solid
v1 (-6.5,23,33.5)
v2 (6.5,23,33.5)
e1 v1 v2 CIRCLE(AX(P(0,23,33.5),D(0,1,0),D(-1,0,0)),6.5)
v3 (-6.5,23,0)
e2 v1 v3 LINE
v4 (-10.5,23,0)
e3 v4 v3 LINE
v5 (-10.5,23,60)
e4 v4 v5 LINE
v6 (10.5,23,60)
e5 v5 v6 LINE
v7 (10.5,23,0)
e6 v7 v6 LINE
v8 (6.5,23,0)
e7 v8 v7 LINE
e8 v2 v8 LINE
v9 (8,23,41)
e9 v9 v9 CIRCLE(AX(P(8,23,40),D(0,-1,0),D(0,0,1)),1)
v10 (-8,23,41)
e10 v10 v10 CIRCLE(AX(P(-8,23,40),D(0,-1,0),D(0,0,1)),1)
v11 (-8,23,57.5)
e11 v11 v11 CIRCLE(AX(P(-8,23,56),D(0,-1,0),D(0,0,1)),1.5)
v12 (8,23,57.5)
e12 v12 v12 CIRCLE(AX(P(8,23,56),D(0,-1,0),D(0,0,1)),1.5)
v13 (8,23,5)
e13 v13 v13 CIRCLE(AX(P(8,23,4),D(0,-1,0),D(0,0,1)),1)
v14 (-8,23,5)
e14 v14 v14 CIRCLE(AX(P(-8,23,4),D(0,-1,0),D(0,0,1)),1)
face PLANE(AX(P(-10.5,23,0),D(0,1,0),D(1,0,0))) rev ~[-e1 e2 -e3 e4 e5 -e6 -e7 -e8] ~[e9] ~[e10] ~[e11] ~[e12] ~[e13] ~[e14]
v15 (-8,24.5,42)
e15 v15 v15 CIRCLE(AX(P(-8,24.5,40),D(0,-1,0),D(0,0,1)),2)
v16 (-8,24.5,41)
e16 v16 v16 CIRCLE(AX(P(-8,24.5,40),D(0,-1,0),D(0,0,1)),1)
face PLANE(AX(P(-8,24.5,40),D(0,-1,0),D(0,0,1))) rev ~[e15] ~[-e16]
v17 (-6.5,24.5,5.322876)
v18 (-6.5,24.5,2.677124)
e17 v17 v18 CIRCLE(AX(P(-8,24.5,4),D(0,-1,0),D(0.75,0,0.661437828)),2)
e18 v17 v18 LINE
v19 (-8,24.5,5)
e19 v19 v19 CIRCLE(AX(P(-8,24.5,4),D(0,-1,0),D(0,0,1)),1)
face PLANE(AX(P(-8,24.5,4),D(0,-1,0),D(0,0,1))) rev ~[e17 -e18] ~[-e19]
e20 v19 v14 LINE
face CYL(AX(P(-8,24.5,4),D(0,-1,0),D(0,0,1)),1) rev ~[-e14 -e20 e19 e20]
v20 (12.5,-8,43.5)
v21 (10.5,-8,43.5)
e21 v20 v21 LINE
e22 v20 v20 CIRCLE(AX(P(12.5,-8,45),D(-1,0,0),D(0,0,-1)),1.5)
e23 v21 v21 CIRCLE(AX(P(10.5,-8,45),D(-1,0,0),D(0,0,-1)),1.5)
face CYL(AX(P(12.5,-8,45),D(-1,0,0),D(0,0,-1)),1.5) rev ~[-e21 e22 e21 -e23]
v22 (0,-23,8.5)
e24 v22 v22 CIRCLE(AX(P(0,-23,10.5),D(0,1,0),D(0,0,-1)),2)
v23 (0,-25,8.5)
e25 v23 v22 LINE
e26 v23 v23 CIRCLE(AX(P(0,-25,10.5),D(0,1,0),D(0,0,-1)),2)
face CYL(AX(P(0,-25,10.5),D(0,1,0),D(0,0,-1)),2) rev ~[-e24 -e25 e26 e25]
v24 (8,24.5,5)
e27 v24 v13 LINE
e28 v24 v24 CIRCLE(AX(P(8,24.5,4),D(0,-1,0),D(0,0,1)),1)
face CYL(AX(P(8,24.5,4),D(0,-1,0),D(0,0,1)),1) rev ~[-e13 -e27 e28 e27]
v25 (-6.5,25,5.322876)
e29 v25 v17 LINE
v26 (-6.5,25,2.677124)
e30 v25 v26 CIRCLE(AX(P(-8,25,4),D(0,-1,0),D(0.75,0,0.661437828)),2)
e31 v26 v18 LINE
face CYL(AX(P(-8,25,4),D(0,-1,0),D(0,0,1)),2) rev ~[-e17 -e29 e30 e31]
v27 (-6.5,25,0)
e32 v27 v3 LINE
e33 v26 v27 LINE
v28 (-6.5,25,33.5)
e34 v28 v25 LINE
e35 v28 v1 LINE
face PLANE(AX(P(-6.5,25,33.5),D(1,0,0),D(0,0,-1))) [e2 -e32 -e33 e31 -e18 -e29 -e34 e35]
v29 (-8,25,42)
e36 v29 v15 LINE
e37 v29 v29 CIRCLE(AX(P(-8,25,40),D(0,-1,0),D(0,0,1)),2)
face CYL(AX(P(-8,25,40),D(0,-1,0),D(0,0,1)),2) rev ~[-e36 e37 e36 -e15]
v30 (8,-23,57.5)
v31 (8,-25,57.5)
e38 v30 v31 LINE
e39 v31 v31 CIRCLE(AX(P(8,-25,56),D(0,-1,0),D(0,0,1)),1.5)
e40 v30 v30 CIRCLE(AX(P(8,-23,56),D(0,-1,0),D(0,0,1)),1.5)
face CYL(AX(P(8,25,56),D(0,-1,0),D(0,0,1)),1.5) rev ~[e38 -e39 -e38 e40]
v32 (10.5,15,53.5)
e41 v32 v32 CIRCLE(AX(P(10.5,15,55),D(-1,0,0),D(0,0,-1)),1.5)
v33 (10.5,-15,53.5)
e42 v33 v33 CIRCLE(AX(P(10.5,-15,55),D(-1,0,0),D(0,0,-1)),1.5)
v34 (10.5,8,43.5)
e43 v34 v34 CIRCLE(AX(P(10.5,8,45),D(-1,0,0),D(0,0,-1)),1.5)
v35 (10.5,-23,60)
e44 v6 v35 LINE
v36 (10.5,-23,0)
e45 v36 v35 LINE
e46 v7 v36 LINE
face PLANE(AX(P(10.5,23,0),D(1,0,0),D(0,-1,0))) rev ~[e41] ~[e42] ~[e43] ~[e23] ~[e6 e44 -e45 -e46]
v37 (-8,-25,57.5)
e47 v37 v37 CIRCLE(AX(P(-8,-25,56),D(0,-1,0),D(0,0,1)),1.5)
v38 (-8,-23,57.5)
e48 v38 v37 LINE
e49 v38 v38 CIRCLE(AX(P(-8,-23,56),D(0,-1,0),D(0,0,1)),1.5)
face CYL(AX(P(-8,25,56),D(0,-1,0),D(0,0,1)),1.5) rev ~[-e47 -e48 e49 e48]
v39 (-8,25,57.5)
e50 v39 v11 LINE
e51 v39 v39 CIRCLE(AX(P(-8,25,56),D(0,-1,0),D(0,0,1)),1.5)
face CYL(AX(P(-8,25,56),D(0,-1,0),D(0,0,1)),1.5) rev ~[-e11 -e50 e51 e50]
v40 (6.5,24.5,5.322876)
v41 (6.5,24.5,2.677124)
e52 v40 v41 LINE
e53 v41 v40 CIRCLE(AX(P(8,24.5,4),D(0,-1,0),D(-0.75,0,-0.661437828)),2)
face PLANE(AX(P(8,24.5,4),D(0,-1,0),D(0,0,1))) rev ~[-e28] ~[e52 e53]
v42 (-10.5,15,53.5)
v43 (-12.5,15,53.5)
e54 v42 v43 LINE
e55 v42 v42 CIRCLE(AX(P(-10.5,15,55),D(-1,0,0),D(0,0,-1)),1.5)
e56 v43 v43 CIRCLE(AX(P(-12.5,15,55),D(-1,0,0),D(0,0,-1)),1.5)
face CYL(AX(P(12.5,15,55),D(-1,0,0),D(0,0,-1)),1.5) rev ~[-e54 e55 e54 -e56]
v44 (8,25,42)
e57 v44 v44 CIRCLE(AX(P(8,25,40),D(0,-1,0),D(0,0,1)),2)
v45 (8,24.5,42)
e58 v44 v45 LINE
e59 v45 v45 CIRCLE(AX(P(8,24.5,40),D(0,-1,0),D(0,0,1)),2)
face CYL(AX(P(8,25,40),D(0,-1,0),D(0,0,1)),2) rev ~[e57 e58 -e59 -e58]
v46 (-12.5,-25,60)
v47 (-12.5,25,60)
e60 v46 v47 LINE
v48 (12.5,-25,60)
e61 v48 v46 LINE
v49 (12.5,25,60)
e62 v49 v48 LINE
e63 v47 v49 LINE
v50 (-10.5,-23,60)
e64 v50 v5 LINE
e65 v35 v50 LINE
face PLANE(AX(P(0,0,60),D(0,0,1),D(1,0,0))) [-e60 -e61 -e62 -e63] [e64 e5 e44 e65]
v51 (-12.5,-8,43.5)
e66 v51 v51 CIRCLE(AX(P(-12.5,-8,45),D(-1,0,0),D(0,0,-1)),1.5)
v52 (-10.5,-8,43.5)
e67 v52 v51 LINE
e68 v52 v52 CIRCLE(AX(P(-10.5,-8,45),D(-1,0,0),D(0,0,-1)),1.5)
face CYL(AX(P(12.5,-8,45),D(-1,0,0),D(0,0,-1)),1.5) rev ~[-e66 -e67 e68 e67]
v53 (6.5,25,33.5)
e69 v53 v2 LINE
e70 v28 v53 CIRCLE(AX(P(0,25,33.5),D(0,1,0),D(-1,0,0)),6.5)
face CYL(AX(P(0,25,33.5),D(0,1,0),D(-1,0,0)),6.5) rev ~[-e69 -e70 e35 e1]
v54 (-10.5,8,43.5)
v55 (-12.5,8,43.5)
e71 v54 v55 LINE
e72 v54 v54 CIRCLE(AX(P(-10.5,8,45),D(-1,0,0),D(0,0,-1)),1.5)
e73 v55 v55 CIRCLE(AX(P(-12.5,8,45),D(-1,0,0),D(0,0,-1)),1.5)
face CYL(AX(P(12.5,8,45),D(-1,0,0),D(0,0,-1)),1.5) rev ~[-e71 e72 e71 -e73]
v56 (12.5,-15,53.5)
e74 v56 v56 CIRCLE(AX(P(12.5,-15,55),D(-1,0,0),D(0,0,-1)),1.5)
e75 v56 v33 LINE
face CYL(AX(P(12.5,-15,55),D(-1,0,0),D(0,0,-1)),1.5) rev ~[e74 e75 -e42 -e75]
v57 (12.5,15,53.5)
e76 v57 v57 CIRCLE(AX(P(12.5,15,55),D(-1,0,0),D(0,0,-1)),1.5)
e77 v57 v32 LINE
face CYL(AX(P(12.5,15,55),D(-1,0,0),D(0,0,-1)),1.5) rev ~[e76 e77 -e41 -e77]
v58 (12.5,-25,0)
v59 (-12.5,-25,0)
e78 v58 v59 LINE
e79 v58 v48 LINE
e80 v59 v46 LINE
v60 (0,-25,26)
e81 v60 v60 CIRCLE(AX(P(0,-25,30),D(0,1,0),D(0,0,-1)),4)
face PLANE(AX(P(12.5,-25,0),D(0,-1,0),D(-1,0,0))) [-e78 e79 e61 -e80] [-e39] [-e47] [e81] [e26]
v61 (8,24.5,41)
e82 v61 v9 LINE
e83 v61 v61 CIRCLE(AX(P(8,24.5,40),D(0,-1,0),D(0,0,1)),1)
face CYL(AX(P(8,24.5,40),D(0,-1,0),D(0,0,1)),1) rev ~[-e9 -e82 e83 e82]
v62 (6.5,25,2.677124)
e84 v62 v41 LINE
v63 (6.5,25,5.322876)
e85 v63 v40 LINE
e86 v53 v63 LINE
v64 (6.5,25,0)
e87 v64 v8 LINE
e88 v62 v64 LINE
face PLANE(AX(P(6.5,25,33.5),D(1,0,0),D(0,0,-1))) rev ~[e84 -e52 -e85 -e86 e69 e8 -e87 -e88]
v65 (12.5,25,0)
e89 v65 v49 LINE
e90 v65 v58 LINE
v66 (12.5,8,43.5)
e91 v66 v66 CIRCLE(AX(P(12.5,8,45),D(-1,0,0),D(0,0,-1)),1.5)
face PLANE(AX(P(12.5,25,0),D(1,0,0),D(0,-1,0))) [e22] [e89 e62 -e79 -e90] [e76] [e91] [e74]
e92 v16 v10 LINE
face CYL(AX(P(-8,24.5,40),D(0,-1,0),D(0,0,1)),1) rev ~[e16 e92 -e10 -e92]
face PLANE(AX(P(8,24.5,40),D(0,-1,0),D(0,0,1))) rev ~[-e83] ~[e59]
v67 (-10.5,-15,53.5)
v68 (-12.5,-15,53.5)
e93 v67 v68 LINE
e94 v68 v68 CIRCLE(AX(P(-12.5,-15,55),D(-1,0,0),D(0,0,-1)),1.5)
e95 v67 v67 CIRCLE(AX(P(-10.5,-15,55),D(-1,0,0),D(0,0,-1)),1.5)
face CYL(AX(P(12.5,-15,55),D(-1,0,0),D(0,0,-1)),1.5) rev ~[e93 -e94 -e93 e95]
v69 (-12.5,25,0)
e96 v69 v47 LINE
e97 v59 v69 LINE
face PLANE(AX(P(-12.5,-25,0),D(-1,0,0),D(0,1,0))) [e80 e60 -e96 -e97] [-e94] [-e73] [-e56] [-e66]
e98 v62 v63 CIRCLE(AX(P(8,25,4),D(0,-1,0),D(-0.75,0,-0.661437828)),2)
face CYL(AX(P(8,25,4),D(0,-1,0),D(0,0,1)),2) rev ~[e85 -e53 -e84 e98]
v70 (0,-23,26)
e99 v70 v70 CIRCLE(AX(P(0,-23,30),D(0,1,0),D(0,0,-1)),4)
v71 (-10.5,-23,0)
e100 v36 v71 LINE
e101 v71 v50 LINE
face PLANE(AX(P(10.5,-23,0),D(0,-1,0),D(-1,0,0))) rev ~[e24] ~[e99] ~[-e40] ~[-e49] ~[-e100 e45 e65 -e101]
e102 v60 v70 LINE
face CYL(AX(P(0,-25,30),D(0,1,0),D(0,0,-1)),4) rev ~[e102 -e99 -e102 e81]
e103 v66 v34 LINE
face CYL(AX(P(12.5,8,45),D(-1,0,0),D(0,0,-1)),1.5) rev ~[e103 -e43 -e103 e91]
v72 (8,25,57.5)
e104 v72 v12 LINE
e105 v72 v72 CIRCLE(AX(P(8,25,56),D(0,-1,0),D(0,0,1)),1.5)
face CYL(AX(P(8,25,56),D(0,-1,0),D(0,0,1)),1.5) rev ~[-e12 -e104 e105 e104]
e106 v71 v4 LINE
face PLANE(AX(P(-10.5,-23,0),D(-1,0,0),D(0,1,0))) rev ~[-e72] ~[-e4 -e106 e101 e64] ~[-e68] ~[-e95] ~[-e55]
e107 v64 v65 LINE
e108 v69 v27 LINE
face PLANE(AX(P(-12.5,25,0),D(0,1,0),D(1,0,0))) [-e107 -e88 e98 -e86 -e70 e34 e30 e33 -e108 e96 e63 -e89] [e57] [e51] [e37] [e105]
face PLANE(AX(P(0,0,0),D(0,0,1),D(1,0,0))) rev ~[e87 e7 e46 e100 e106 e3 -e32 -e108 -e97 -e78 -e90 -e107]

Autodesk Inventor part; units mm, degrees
ref_plane "YZ Plane" through (0, 0, 0) normal (1, 0, 0) x (0, 1, 0)
ref_plane "XZ Plane" through (0, 0, 0) normal (0, 1, 0) x (-1, 0, 0)
ref_plane "XY Plane" through (0, 0, 0) normal (0, 0, 1) x (1, 0, 0)
sketch "スケッチ1" plane through (0, 0, 0) normal (0, 0, 1) x (1, 0, 0)
  line L0 (-12.5, 25) -> (12.5, 25)
  line L1 (12.5, 25) -> (12.5, -25)
  line L2 (12.5, -25) -> (-12.5, -25)
  line L3 (-12.5, -25) -> (-12.5, 25)
  line L4 (-10.5, 23) -> (10.5, 23)
  line L5 (10.5, 23) -> (10.5, -23)
  line L6 (10.5, -23) -> (-10.5, -23)
  line L7 (-10.5, -23) -> (-10.5, 23)
  point P0 (0, 0)
  dimension "d0" = 25
  dimension "d1" = 50
  dimension "d2" = 46
  dimension "d3" = 21
  dimension "d4" = 25
  dimension "d5" = 23
  dimension "d6" = 10.5
  dimension "d7" = 12.5
extrude "押し出し1" add sketch "スケッチ1" along normal blind 60
sketch "スケッチ2" plane through (-12.5, 25, 0) normal (0, 1, 0) x (1, 0, 0)
  line L0 (0, 0) -> (25, 0) projected
  line L1 (0, 0) -> (0, -60) projected
  arc A0 (6, -33.5) -> (19, -33.5) centre (12.5, -33.5) ccw
  line L2 (6, -33.5) -> (6, 0)
  line L3 (19, -33.5) -> (19, 0)
  point P0 (12.5, 0)
  dimension "d10" = 13
  dimension "d11" = 33.5
  dimension "d12" = 12.5
extrude "押し出し2" cut sketch "スケッチ2" against normal blind 2
sketch "スケッチ3" plane through (-12.5, 25, 60) normal (0, 1, 0) x (1, 0, 0)
  arc A0 (6, 26.5) -> (19, 26.5) centre (12.5, 26.5) ccw projected
  circle A1 centre (4.5, 20) radius 1
  circle A2 centre (4.5, 56) radius 1
  circle A3 centre (20.5, 56) radius 1
  circle A4 centre (20.5, 20) radius 1
  point P0 (12.5, 60)
  dimension "d15" = 6.5
  dimension "d16" = 6.5
  dimension "d17" = 2
  dimension "d18" = 8
  dimension "d19" = 8
  dimension "d20" = 8
  dimension "d21" = 8
  dimension "d22" = 29.5
  dimension "d23" = 29.5
hole "穴1" at (-8, 25, 4) at (8, 25, 4) at (8, 25, 40) at (-8, 25, 40) direction (0, -1, 0) diameter 2 depth 2 tip angle 118 counterbore diameter 4 counterbore depth 0.5
sketch "スケッチ4" plane through (-12.5, -25, 0) normal (0, -1, 0) x (1, 0, 0)
  line L0 (25, 0) -> (0, 0) projected
  line L1 (25, 0) -> (25, 60) projected
  circle A0 centre (12.5, 10.5) radius 2
  point P0 (12.5, 0)
  dimension "d31" = 4
  dimension "d32" = 12.5
  dimension "d33" = 10.5
hole "穴2" at (0, -25, 10.5) direction (0, 1, 0) diameter 4 end through all
sketch "スケッチ5" plane through (-12.5, 25, 60) normal (0, 1, 0) x (1, 0, 0)
  arc A0 (6, 26.5) -> (19, 26.5) centre (12.5, 26.5) ccw projected
  circle A1 centre (20.5, 4) radius 1.5
  circle A2 centre (4.5, 4) radius 1.5
  circle A3 centre (20.5, 20) radius 2 projected
  circle A4 centre (4.5, 20) radius 2 projected
  point P0 (12.5, 60)
  dimension "d46" = 8
  dimension "d47" = 8
  dimension "d57" = 3
  dimension "d120" = 16
  dimension "d121" = 16
hole "穴4" at (-8, 25, 56) at (8, 25, 56) direction (0, -1, 0) diameter 3 end through all
thread "ねじ1" size "M3x0.5" class "6H" standard "ANSI Metric M Profile" full length
thread "ねじ2" size "M3x0.5" class "6H" standard "ANSI Metric M Profile" full length
thread "ねじ3" size "M3x0.5" class "6H" standard "ANSI Metric M Profile" full length
thread "ねじ4" size "M3x0.5" class "6H" standard "ANSI Metric M Profile" full length
sketch "スケッチ7" plane through (-12.5, -25, 0) normal (0, -1, 0) x (1, 0, 0)
  line L0 (25, 0) -> (25, 60) projected
  circle A0 centre (12.5, 30) radius 4
  circle A1 centre (4.5, 56) radius 1.5 projected
  circle A2 centre (12.5, 10.5) radius 2 projected
  point P0 (12.5, 0)
  dimension "d79" = 8
  dimension "d80" = 12.5
  dimension "d118" = 19.5
  dimension "d119" = 26
hole "穴5" at (0, -25, 30) direction (0, 1, 0) diameter 8 end through all
sketch "スケッチ8" plane through (12.5, -25, 0) normal (1, 0, 0) x (0, 0, -1)
  line L0 (-60, 50) -> (-60, 0) projected
  line L1 (0, 0) -> (-60, 0) projected
  circle A0 centre (-45, 33) radius 1.5
  circle A1 centre (-45, 17) radius 1.5
  circle A2 centre (-55, 40) radius 1.5
  circle A3 centre (-55, 10) radius 1.5
  line L2 (0, 50) -> (-60, 50) projected
  line L3 (0, 50) -> (0, 0) projected
  point P0 (0, 25)
  dimension "d88" = 16
  dimension "d90" = 3
  dimension "d91" = 15
  dimension "d93" = 17
  dimension "d101" = 30
  dimension "d113" = 10
  dimension "d114" = 15
  dimension "d115" = 5
  dimension "d116" = 5
  dimension "d117" = 60
hole "穴7" at (12.5, 8, 45) at (12.5, -8, 45) at (12.5, -15, 55) at (12.5, 15, 55) direction (-1, 0, 0) diameter 3 end through all
properties part number "07" material "アルミニウム 6061"
